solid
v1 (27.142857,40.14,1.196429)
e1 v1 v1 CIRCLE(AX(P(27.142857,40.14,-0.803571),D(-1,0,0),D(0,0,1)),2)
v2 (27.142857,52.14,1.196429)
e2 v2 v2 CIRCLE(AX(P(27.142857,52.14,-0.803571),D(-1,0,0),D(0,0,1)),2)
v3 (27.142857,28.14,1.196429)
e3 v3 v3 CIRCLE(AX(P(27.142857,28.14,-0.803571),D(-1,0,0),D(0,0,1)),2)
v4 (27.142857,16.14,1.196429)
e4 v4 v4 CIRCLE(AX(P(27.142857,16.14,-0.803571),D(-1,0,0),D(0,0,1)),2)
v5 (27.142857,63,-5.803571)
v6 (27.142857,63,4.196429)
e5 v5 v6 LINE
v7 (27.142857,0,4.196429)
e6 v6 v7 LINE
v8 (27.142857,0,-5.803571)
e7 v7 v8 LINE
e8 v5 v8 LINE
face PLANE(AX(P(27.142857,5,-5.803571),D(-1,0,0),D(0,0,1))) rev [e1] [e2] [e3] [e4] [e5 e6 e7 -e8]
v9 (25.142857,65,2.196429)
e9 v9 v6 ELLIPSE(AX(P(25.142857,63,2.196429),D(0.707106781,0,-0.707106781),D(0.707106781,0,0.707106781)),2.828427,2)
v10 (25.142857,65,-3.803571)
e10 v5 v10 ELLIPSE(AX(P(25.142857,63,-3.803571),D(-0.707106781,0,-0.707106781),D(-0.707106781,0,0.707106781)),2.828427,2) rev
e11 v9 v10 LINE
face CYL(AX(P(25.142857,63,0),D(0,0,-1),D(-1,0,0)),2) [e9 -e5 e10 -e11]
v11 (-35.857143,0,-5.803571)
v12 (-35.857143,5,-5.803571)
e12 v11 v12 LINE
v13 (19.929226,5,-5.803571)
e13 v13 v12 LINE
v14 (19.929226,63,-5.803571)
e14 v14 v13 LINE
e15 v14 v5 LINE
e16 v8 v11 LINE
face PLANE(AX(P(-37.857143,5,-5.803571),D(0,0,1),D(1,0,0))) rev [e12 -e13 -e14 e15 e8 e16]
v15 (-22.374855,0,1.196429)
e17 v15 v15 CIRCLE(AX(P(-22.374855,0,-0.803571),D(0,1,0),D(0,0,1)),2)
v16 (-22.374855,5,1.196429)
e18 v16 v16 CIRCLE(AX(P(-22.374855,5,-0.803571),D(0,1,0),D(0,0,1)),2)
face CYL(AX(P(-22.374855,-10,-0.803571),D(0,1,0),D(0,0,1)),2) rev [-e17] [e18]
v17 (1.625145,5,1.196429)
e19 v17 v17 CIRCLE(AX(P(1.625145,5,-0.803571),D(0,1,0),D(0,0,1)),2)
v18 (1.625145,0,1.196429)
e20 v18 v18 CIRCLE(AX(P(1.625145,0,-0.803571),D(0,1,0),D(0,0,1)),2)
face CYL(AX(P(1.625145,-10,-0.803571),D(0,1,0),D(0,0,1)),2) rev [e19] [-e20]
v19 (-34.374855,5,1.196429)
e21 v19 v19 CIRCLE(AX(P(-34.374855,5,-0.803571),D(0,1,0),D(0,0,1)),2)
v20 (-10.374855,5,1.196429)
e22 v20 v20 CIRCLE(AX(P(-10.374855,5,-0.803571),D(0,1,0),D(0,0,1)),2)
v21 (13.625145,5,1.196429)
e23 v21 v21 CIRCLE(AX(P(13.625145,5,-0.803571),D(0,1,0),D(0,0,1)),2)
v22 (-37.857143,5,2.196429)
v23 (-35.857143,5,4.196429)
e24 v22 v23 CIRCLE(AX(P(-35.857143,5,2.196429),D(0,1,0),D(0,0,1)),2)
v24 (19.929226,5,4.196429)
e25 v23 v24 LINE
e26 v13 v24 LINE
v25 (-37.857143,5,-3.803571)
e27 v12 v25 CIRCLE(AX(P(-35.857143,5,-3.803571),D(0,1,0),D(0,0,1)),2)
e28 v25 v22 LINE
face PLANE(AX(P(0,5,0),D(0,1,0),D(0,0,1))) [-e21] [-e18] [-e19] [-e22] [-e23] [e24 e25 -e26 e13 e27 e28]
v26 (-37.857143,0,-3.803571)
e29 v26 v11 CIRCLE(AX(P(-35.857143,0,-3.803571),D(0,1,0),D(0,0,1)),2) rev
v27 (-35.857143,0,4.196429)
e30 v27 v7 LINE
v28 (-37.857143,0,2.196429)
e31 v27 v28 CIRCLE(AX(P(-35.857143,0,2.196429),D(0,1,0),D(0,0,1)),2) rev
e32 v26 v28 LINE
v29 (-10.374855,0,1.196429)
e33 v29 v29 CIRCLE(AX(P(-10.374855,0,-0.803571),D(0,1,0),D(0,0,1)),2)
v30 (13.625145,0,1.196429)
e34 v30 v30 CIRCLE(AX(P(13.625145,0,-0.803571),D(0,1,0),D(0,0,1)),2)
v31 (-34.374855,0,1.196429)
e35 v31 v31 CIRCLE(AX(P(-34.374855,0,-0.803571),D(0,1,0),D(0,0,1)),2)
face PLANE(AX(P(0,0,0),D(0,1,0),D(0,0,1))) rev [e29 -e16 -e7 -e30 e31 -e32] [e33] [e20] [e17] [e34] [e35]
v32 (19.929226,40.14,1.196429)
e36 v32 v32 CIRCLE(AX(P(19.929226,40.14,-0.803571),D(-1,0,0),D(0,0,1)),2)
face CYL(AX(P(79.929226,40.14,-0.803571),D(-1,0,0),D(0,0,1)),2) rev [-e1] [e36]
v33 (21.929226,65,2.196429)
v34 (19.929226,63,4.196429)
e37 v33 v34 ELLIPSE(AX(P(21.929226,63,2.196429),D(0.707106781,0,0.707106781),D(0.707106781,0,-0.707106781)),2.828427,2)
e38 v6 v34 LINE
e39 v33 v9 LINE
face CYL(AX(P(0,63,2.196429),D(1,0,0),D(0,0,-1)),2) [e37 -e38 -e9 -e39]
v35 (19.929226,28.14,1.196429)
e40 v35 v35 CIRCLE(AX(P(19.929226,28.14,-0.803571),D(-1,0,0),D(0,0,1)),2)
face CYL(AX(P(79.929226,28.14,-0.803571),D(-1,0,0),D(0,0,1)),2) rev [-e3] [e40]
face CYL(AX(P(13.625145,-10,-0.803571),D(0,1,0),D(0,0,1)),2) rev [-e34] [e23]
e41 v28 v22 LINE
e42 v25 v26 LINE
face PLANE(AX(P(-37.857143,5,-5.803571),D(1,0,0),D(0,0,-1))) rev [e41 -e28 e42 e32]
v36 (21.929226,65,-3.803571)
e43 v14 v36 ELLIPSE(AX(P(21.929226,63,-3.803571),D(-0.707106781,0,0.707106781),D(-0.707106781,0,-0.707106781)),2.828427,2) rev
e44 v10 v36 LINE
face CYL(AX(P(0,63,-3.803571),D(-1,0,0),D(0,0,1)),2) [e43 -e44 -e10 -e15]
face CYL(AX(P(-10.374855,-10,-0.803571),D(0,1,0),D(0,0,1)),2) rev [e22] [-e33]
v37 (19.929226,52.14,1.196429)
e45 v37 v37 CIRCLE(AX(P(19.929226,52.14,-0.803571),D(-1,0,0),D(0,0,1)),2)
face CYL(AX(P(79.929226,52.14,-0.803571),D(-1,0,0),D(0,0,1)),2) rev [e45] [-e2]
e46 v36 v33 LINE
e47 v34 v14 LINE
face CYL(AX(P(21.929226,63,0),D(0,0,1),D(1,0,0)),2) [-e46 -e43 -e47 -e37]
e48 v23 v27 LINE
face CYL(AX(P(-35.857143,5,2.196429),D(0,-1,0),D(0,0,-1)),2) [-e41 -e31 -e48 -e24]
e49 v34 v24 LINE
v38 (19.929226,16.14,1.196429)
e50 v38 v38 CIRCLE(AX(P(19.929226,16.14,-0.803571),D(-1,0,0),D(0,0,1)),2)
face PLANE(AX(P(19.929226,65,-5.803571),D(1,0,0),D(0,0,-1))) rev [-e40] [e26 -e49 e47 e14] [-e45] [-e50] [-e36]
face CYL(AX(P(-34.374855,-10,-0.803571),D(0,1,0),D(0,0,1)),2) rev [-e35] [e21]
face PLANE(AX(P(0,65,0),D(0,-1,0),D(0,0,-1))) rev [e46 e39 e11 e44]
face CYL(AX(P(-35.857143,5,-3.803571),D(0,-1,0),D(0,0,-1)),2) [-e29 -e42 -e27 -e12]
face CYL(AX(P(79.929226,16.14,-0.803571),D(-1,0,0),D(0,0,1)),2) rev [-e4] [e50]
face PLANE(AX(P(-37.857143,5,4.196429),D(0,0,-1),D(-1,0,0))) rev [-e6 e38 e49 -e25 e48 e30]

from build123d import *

# Parameters (mm, degrees)
SKETCH2_W           = 65
SKETCH2_H           = 10
BOSS_EXTRUDE1_DEPTH = 5
FILLET1_R           = 2
FILLET2_R           = 2
SKETCH3_R           = 2
CUT_EXTRUDE1_DEPTH  = 15
LPATTERN1_COUNT     = 5
LPATTERN1_PITCH     = 12
SKETCH4_W           = 7.213630723
SKETCH4_H           = 10
BOSS_EXTRUDE2_DEPTH = 60
SKETCH5_R           = 2
CUT_EXTRUDE2_DEPTH  = 60
LPATTERN2_COUNT     = 3
LPATTERN2_PITCH     = 12
LPATTERN2_COL_COUNT = 2
LPATTERN2_COL_PITCH = 12
FILLET3_R           = 2


with BuildPart() as part:
    # Sketch2 → Boss-Extrude1 (new body)
    with BuildSketch(Plane(origin=(0, 0, 0), x_dir=(1, 0, 0), z_dir=(0, 1, 0))):
        with Locations((-5.357142857, 0.803571429)):
            Rectangle(SKETCH2_W, SKETCH2_H)
    extrude(amount=BOSS_EXTRUDE1_DEPTH)

    # Fillet1
    fillet1_edges = [part.edges().sort_by_distance(p)[0] for p in [
        (-37.857142857, 2.5, 4.196428571),
    ]]
    fillet(fillet1_edges, radius=FILLET1_R)

    # Fillet2
    fillet2_edges = [part.edges().sort_by_distance(p)[0] for p in [
        (-37.857142857, 2.5, -5.803571429),
    ]]
    fillet(fillet2_edges, radius=FILLET2_R)

    # Sketch3 → Cut-Extrude1 (cut)
    with BuildSketch(Plane(origin=(0, 5, 0), x_dir=(1, 0, 0), z_dir=(0, 1, 0))):
        with Locations(Location((13.625145437, 0.803571429, 0), (0, 0, 270))):
            Circle(SKETCH3_R)
    cut_extrude1 = extrude(amount=-CUT_EXTRUDE1_DEPTH, mode=Mode.SUBTRACT)

    # LPattern1: Cut-Extrude1 ×5
    with Locations(*[(-i * LPATTERN1_PITCH, 0, 0) for i in range(1, LPATTERN1_COUNT)]):
        add(cut_extrude1, mode=Mode.SUBTRACT)

    # Sketch4 → Boss-Extrude2 (add)
    with BuildSketch(Plane(origin=(0, 5, 0), x_dir=(1, 0, 0), z_dir=(0, 1, 0))):
        with Locations((23.536041782, 0.803571429)):
            Rectangle(SKETCH4_W, SKETCH4_H)
    extrude(amount=BOSS_EXTRUDE2_DEPTH)

    # Sketch5 → Cut-Extrude2 (cut)
    with BuildSketch(Plane.ZY.offset(-19.92922642)):
        with Locations((-0.803571429, 28.14)):
            Circle(SKETCH5_R)
    cut_extrude2 = extrude(amount=-CUT_EXTRUDE2_DEPTH, mode=Mode.SUBTRACT)

    # LPattern2: Cut-Extrude2 ×3
    with Locations(*[(0, i * LPATTERN2_PITCH, 0) for i in range(1, LPATTERN2_COUNT)]):
        add(cut_extrude2, mode=Mode.SUBTRACT)

    # LPattern2 col: Cut-Extrude2 ×2
    with Locations(*[(0, -i * LPATTERN2_COL_PITCH, 0) for i in range(1, LPATTERN2_COL_COUNT)]):
        add(cut_extrude2, mode=Mode.SUBTRACT)

    # Fillet3
    fillet3_edges = [part.edges().sort_by_distance(p)[0] for p in [
        (27.142857143, 65, -0.803571429),
        (23.536041781, 65, -5.803571429),
        (19.92922642, 65, -0.803571429),
        (23.536041781, 65, 4.196428571),
    ]]
    fillet(fillet3_edges, radius=FILLET3_R)


solid = part.part
